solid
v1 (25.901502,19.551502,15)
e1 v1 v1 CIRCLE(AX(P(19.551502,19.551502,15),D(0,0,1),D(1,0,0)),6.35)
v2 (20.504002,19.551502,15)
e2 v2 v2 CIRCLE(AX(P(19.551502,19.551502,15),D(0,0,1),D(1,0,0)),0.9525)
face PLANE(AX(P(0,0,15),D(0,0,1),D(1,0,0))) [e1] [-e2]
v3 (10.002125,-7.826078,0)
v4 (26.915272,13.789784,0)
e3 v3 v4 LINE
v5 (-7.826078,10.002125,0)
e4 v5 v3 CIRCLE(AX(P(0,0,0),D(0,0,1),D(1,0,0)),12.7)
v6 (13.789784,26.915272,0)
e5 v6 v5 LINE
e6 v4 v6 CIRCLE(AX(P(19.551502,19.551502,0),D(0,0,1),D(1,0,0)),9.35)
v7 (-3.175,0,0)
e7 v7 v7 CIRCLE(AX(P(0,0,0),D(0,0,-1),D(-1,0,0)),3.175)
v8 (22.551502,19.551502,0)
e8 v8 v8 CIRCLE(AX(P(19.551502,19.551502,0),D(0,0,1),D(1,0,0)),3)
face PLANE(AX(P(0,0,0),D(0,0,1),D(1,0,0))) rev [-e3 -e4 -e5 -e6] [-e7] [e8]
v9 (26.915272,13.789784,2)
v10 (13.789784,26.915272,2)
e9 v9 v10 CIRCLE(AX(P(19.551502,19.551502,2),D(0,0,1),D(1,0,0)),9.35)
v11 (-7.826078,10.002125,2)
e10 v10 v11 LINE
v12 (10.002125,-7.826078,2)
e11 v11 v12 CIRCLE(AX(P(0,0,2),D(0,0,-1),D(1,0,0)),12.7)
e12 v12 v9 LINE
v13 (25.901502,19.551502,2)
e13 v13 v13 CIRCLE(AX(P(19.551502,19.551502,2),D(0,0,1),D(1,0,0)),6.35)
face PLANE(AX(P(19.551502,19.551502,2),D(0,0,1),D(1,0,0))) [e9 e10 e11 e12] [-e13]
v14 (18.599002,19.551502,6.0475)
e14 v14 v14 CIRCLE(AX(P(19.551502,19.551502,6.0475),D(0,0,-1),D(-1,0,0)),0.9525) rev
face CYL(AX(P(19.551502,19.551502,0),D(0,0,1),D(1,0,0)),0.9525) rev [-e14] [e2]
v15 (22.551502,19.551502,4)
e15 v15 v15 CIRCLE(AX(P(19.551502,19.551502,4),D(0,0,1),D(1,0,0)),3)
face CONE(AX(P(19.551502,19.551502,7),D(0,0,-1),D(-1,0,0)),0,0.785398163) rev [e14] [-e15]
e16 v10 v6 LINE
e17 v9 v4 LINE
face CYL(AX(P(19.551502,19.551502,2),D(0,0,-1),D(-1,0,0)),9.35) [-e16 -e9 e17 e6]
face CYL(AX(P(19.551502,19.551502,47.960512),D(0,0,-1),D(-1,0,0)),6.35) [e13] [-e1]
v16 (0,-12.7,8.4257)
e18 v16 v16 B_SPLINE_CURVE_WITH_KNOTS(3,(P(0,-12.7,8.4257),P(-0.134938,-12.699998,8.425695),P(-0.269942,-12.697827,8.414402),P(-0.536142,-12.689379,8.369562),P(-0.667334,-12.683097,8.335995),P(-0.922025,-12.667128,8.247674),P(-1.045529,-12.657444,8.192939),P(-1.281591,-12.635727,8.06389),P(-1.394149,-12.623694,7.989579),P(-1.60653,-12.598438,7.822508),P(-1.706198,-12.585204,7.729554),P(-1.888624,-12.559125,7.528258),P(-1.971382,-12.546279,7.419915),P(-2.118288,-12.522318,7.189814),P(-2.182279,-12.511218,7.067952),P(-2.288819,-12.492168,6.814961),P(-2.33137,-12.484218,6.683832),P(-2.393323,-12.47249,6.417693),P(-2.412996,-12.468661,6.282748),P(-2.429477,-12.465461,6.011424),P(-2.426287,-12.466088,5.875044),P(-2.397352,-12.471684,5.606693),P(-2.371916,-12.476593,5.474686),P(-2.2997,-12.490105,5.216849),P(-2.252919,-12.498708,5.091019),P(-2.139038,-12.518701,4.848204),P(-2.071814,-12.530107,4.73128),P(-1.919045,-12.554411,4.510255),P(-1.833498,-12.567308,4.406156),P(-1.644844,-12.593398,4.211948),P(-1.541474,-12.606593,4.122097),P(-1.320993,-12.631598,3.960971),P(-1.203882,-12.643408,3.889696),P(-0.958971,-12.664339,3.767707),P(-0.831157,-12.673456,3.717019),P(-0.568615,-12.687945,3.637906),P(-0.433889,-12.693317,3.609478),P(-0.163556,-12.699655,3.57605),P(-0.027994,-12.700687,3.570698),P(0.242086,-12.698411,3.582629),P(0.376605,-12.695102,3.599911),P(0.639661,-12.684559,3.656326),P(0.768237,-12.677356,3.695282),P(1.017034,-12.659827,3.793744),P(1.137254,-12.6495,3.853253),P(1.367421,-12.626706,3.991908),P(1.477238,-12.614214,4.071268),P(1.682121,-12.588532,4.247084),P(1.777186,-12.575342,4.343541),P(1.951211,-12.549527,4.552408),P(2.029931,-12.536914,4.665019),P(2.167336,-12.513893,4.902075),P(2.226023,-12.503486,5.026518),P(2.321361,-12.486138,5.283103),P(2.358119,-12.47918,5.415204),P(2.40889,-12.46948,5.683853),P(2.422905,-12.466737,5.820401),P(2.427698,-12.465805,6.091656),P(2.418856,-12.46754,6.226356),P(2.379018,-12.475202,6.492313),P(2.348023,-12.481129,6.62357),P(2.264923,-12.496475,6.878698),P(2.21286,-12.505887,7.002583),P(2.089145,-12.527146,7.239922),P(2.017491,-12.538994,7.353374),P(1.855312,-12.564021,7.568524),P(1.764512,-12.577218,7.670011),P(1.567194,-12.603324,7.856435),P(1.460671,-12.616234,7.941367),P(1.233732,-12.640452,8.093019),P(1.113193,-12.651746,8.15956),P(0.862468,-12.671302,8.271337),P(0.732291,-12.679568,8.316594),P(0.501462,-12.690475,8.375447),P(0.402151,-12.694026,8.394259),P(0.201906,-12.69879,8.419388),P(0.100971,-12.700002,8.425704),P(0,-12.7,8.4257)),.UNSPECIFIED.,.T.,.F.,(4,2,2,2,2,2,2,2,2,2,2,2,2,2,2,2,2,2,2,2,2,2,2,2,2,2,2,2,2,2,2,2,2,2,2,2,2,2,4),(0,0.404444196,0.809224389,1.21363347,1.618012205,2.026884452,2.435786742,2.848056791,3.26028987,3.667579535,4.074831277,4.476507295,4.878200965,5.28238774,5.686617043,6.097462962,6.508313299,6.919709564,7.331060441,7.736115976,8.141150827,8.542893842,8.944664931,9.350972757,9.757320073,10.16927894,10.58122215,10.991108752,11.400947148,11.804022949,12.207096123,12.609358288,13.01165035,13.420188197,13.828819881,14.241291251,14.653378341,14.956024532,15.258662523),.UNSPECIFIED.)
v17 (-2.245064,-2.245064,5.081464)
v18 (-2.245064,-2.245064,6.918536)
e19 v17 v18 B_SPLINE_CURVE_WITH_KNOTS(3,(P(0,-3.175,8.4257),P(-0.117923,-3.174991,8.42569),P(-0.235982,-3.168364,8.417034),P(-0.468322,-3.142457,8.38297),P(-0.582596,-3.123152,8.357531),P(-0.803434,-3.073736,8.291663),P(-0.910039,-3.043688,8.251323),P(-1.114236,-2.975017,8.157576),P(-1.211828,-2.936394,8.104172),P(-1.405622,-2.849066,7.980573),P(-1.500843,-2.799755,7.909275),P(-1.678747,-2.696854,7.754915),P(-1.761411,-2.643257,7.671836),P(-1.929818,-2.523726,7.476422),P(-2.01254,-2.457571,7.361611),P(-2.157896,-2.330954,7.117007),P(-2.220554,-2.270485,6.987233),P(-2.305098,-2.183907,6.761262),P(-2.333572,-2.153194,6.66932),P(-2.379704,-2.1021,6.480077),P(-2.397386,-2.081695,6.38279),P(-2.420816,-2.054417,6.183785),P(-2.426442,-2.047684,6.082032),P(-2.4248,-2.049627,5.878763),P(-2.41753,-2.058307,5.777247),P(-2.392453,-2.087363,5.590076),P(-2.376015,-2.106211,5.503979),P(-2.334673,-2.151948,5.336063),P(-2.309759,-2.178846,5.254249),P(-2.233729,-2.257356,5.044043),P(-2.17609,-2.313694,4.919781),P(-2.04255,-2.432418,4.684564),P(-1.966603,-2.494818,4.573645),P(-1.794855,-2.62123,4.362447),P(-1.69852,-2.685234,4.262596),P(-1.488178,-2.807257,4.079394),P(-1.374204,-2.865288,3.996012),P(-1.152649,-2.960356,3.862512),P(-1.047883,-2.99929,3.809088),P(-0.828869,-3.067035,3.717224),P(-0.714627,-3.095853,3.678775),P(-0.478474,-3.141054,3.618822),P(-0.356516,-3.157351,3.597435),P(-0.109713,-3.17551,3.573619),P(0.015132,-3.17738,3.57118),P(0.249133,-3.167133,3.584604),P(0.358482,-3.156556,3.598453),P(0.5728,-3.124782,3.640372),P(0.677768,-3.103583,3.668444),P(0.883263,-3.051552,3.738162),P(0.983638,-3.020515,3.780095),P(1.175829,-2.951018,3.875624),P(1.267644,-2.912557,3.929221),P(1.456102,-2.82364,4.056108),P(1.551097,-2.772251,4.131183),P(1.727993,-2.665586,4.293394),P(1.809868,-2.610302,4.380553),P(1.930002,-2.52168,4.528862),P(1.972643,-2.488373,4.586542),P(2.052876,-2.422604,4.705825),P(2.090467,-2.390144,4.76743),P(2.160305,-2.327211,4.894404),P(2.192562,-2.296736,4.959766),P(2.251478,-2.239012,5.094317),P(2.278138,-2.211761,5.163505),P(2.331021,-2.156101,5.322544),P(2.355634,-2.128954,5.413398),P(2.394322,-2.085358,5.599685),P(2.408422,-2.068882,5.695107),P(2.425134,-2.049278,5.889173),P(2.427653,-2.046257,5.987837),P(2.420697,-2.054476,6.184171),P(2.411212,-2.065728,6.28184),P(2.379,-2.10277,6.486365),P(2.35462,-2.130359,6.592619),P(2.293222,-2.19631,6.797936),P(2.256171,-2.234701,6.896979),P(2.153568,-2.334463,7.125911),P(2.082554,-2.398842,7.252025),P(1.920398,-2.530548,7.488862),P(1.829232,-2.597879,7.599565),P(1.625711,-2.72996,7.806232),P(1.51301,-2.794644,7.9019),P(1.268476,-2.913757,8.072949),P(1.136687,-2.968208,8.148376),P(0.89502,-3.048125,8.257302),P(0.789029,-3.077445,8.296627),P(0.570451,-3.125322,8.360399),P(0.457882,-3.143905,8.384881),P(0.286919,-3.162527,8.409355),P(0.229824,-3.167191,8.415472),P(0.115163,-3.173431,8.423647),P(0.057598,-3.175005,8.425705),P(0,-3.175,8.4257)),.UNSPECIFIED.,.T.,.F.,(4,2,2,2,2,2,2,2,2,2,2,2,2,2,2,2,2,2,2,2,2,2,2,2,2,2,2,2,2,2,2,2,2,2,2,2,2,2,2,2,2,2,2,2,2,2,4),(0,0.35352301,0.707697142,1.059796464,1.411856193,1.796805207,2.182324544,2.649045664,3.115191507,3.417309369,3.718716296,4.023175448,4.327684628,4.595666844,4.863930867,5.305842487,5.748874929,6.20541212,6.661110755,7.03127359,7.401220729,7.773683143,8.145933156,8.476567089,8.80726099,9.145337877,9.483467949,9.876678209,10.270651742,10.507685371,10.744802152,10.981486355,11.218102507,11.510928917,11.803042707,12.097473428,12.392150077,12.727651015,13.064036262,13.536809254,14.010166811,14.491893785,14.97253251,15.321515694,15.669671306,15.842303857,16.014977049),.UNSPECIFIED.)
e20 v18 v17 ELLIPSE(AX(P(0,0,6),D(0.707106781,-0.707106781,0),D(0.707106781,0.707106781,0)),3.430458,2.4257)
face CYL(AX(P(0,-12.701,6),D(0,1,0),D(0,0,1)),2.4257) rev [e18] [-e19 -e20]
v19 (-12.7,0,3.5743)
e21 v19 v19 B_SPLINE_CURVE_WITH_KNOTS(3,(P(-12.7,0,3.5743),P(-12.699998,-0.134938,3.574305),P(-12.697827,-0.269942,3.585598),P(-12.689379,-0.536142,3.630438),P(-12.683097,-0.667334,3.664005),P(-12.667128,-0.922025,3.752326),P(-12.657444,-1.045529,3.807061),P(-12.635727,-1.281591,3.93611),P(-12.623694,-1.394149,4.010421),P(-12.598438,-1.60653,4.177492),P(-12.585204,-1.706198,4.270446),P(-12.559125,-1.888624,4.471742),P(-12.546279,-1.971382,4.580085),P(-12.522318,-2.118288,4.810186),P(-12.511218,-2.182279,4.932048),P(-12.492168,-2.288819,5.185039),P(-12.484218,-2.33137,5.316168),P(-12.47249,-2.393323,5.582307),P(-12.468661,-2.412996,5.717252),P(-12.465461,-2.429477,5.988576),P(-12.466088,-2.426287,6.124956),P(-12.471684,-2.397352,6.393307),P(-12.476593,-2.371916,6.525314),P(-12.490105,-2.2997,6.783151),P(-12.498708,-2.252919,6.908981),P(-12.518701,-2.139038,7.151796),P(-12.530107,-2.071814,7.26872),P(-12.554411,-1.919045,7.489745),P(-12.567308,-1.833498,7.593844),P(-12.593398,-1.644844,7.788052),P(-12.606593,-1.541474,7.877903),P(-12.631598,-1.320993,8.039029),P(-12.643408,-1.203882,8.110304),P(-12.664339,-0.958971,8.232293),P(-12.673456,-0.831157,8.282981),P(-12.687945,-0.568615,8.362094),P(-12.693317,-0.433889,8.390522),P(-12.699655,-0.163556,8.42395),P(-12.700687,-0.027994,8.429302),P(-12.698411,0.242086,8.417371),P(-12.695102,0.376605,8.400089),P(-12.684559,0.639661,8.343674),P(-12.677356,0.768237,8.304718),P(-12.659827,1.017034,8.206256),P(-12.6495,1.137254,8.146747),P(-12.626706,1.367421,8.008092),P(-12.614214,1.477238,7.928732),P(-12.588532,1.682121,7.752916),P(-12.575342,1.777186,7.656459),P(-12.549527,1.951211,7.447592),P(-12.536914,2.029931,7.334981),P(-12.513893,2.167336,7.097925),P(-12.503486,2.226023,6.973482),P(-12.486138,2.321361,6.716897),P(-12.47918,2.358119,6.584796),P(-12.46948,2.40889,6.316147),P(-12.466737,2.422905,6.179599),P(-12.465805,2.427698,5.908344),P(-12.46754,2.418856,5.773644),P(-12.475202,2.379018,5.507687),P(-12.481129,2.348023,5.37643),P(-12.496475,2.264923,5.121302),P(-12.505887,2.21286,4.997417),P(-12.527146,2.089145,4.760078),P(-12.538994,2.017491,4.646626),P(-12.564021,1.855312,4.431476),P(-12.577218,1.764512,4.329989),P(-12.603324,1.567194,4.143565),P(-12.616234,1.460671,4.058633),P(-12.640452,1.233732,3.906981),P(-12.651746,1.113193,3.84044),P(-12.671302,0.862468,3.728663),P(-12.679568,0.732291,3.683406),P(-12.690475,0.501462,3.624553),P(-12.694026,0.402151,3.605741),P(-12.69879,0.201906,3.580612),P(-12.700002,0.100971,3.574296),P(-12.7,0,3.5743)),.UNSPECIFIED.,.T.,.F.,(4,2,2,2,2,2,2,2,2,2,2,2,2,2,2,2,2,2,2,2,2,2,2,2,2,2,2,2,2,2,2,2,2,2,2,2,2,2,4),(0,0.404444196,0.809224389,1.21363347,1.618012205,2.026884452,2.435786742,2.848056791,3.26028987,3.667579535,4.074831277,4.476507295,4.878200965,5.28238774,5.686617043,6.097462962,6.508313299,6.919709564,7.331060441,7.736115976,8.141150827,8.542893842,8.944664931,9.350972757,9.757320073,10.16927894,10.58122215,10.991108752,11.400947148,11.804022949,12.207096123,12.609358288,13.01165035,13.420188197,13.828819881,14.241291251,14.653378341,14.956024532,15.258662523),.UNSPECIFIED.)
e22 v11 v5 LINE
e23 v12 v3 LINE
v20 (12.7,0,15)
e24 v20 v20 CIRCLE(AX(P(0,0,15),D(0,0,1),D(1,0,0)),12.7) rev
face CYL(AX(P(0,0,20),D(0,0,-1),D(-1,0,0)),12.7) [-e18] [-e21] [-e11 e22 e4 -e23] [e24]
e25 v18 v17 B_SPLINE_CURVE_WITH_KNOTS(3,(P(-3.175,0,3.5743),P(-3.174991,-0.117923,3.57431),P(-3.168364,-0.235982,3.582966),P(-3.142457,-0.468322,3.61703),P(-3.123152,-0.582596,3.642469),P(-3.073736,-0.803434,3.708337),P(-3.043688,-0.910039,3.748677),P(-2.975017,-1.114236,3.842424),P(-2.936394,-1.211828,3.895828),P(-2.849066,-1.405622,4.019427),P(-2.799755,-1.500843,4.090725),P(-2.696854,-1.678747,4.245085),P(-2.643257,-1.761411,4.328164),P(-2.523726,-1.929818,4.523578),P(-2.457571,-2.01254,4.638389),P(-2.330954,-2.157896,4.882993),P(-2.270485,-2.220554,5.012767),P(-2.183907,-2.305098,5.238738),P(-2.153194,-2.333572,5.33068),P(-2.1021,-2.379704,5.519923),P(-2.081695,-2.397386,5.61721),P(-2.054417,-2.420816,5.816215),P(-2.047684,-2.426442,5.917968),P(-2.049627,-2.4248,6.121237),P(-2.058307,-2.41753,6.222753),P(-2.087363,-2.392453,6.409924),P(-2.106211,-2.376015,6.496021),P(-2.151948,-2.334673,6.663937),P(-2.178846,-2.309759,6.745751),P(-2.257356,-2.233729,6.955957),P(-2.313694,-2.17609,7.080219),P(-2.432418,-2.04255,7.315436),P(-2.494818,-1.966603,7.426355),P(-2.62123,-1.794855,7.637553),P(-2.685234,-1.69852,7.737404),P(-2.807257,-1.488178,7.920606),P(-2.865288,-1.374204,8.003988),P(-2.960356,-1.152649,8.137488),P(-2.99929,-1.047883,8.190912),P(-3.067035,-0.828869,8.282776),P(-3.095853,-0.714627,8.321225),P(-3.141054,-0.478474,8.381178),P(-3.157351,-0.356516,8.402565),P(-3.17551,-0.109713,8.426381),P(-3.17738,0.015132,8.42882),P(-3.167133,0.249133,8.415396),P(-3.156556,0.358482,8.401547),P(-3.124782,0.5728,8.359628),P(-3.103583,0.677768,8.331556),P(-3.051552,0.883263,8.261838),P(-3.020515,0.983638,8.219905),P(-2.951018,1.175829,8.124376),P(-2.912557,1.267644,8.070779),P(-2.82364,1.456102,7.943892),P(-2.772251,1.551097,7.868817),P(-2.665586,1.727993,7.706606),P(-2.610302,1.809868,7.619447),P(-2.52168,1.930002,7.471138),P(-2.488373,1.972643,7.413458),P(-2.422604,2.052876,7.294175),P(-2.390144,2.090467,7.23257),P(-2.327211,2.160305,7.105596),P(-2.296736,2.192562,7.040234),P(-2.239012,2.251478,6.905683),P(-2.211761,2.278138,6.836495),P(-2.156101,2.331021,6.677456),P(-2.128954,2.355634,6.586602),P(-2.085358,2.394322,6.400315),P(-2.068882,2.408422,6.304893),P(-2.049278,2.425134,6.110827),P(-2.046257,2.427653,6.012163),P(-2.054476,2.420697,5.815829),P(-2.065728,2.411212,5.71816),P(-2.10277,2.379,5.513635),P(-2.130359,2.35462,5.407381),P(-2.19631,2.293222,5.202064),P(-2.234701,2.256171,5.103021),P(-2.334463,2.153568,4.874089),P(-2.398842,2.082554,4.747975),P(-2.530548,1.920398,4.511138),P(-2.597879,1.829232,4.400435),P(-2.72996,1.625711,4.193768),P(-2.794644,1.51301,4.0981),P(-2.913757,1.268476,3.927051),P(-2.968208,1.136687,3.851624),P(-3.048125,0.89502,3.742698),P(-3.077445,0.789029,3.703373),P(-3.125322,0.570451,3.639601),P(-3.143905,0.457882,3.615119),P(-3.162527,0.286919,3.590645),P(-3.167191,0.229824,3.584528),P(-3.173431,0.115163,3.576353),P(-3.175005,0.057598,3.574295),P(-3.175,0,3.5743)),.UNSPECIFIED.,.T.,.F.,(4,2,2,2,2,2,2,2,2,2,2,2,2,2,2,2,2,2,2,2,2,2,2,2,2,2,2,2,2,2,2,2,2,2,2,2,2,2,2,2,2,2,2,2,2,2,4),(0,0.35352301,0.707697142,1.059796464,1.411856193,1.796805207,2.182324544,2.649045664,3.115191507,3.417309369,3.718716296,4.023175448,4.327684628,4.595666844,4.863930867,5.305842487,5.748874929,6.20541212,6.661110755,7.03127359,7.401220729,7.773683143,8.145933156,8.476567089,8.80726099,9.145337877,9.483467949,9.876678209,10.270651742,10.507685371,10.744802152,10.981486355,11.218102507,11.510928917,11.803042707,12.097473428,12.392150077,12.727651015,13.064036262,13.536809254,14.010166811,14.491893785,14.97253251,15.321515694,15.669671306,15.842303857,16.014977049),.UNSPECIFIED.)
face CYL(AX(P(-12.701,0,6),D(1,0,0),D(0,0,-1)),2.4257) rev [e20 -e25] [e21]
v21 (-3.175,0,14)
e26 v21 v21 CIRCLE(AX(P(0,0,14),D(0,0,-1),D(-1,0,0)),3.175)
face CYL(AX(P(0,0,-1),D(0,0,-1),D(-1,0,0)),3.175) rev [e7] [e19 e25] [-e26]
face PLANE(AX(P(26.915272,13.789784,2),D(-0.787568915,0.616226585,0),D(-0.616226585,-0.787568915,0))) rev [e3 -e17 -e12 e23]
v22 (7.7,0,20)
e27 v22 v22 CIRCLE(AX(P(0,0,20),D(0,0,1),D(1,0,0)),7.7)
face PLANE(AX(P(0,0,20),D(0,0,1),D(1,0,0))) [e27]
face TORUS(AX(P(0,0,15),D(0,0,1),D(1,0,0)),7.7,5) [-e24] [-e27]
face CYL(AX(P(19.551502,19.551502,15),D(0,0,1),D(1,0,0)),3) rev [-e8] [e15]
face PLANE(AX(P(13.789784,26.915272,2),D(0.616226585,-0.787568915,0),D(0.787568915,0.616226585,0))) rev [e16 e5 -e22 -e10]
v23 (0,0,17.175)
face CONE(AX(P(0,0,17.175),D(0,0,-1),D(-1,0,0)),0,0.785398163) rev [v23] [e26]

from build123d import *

# Parameters (mm, degrees)
SKETCH1_R           = 12.7
BOSS_EXTRUDE1_DEPTH = 20
FILLET1_R           = 5
CUT_EXTRUDE1_REACH  = 14.7
SKETCH3_R           = 2.4257
CUT_EXTRUDE2_REACH  = 14.7
SKETCH4_R           = 2.4257
BOSS_EXTRUDE2_DEPTH = 2
SKETCH6_R           = 6.35
BOSS_EXTRUDE3_DEPTH = 13
SKETCH8_R           = 0.9525
CUT_EXTRUDE3_DEPTH  = 16.0000001


with BuildPart() as part:
    # Sketch1 → Boss-Extrude1 (new body)
    with BuildSketch(Plane.XY):
        Circle(SKETCH1_R)
    extrude(amount=BOSS_EXTRUDE1_DEPTH)

    # Sketch2 → Cut-Revolve1 (revolve, cut)
    with BuildSketch(Plane(origin=(0, 0, 0), x_dir=(1, 0, 0), z_dir=(0, 1, 0))):
        Polygon((0, 0), (0, -17.175), (3.175, -14), (3.175, 0), align=None)
    revolve(axis=Axis((0, 0, -1), (0, 0, 1)), mode=Mode.SUBTRACT)

    # Fillet1
    fillet1_edges = [part.edges().sort_by_distance(p)[0] for p in [
        (-12.7, 0, 20),
    ]]
    fillet(fillet1_edges, radius=FILLET1_R)

    # Sketch3 → Cut-Extrude1 (cut, up to next)
    with BuildSketch(Plane(origin=(0, 0, 0), x_dir=(1, 0, 0), z_dir=(0, 1, 0)), mode=Mode.PRIVATE) as cut_extrude1_sk1:
        with Locations((0, -6)):
            Circle(SKETCH3_R)
    cut_extrude1_tool1 = extrude(cut_extrude1_sk1.sketch, amount=-CUT_EXTRUDE1_REACH, mode=Mode.PRIVATE) & part.part
    add(cut_extrude1_tool1.solids().sort_by_distance((0, 0, 6))[0], mode=Mode.SUBTRACT)

    # Sketch4 → Cut-Extrude2 (cut, up to next)
    with BuildSketch(Plane(origin=(0, 0, 0), x_dir=(0, 0, -1), z_dir=(1, 0, 0)), mode=Mode.PRIVATE) as cut_extrude2_sk1:
        with Locations((-6, 0)):
            Circle(SKETCH4_R)
    cut_extrude2_tool1 = extrude(cut_extrude2_sk1.sketch, amount=-CUT_EXTRUDE2_REACH, mode=Mode.PRIVATE) & part.part
    add(cut_extrude2_tool1.solids().sort_by_distance((0, 0, 6))[0], mode=Mode.SUBTRACT)

    # Sketch5 → Boss-Extrude2 (add)
    with BuildSketch(Plane.XY):
        with BuildLine():
            Line((13.789783932, 26.915271857), (-7.826077627, 10.002125223))
            ThreePointArc((-7.826077627, 10.002125223), (8.980256121, 8.980256121), (10.002125223, -7.826077627))
            Line((10.002125223, -7.826077627), (26.915271857, 13.789783932))
            ThreePointArc((26.915271857, 13.789783932), (26.162950904, 26.162950904), (13.789783932, 26.915271857))
        make_face()
    extrude(amount=BOSS_EXTRUDE2_DEPTH)

    # Sketch6 → Boss-Extrude3 (add)
    with BuildSketch(Plane.XY.offset(2)):
        with Locations((19.5515025, 19.5515025)):
            Circle(SKETCH6_R)
    extrude(amount=BOSS_EXTRUDE3_DEPTH)

    # Sketch7 → Cut-Revolve2 (revolve, cut)
    with BuildSketch(Plane(origin=(0, 0, 0), x_dir=(0, 0, 1), z_dir=(-0.707106781, 0.707106781, 0))):
        Polygon((0, 30.65), (4, 30.65), (7, 27.65), (0, 27.65), align=None)
    revolve(axis=Axis((19.5515025, 19.5515025, 15), (0, 0, -1)), mode=Mode.SUBTRACT)

    # Sketch8 → Cut-Extrude3 (cut, through all)
    with BuildSketch(Plane.XY.offset(15)):
        with Locations((19.5515025, 19.5515025)):
            Circle(SKETCH8_R)
    extrude(amount=-CUT_EXTRUDE3_DEPTH, mode=Mode.SUBTRACT)


solid = part.part
